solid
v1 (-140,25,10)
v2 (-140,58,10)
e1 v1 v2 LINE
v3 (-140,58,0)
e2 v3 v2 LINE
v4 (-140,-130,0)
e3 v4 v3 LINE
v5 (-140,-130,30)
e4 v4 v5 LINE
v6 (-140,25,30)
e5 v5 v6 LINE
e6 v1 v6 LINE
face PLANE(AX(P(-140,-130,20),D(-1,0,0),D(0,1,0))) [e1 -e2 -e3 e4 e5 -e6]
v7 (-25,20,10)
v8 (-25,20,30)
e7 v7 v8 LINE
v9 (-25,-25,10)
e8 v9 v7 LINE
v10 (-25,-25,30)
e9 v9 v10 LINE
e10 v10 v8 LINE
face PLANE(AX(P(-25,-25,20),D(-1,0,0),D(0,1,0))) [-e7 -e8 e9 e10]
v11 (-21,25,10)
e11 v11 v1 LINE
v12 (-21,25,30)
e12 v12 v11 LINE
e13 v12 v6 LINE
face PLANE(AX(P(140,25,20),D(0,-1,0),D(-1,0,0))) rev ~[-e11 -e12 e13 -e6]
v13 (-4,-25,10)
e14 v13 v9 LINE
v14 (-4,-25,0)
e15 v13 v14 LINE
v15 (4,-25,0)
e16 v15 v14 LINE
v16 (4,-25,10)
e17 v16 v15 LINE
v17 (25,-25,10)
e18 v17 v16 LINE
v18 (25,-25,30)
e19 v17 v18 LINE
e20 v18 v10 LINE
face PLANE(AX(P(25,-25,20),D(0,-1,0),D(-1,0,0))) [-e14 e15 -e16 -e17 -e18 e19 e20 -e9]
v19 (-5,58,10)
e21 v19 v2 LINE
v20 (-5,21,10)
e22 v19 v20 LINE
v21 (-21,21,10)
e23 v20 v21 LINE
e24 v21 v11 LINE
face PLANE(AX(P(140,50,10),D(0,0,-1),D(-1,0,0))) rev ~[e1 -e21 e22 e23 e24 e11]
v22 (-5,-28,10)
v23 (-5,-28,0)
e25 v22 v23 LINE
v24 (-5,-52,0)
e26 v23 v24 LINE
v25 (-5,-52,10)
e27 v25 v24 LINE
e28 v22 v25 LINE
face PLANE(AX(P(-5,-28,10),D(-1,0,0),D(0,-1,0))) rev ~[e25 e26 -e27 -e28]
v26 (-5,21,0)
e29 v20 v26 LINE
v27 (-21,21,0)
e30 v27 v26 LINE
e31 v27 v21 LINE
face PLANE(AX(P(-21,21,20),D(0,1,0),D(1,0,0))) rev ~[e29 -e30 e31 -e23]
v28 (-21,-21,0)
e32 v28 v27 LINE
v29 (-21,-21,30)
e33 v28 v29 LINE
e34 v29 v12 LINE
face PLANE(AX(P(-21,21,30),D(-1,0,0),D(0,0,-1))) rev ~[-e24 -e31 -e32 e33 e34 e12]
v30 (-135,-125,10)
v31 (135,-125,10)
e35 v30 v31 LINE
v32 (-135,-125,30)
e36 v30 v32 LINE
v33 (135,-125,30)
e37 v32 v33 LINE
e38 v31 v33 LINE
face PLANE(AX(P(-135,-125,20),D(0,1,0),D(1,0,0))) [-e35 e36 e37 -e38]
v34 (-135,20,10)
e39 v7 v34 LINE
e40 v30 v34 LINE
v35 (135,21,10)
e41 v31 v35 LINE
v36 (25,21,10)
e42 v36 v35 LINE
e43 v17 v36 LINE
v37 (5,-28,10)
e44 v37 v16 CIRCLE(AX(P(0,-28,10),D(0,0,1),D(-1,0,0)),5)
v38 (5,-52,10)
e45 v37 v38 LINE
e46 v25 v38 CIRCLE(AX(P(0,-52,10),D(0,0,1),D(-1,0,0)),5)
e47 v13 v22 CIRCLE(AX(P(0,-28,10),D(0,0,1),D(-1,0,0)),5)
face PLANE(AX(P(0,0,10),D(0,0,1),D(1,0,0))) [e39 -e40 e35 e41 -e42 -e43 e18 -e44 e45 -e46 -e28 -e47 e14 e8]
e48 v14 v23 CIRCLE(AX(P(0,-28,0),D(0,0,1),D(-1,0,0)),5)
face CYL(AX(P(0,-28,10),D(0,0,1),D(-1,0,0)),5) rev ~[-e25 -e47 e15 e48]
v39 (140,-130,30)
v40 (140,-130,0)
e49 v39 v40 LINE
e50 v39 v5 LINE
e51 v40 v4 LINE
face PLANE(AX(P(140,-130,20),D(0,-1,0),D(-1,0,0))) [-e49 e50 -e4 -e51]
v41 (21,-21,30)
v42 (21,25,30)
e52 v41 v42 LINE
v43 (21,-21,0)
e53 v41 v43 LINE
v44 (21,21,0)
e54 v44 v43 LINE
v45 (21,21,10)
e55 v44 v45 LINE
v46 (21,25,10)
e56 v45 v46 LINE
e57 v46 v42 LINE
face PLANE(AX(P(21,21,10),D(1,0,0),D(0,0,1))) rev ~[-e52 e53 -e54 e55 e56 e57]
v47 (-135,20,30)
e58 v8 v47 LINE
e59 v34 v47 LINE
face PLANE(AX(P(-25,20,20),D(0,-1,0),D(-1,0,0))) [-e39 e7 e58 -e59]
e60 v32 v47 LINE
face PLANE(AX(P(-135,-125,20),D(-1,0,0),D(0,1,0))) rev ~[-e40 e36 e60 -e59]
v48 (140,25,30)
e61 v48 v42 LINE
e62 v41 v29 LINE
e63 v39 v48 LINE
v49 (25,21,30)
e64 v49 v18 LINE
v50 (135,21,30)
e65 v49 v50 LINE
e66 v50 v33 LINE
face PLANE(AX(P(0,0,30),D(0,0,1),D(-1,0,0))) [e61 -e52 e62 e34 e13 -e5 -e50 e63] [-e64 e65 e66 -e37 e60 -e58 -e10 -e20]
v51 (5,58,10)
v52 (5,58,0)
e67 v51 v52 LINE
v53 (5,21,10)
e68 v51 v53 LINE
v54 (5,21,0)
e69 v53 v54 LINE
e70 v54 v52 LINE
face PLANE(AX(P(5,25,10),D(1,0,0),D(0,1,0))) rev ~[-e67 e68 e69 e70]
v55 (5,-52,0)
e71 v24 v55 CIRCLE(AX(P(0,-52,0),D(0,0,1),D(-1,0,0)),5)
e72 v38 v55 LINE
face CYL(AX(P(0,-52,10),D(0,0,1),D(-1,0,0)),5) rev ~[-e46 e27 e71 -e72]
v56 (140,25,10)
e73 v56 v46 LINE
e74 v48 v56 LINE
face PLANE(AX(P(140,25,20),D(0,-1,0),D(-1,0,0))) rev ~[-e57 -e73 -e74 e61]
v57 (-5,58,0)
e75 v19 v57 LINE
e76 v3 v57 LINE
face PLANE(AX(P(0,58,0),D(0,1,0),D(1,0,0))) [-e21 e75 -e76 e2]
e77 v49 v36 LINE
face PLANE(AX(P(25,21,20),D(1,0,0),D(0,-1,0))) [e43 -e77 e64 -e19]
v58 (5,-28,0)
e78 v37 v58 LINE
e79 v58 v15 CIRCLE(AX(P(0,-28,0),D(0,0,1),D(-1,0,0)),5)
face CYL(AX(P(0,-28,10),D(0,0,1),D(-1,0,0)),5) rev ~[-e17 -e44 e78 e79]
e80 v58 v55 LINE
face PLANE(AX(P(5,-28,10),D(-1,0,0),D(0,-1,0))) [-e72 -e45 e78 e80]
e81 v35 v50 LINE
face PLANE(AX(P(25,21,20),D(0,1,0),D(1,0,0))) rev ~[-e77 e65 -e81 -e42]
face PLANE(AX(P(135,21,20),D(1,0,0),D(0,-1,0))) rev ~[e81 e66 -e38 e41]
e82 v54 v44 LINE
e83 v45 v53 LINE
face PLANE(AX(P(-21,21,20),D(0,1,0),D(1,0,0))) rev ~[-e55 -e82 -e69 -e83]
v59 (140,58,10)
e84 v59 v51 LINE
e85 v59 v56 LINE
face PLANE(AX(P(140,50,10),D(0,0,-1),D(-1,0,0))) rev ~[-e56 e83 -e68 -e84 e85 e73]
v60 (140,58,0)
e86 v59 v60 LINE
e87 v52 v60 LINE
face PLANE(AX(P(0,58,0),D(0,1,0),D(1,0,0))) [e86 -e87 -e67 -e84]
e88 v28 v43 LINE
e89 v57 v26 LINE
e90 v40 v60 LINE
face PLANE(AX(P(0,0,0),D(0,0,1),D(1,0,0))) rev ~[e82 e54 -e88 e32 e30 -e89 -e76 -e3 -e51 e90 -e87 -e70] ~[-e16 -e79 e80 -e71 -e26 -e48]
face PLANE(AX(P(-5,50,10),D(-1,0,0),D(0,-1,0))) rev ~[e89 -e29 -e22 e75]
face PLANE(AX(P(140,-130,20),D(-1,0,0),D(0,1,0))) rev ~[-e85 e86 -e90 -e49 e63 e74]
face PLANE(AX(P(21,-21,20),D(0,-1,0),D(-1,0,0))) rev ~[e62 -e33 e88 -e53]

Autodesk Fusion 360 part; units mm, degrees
sketch "Sketch1" plane through (0, 0, 0) normal (0, 0, 1) x (1, 0, 0)
  line L0 (21, -21) -> (-21, -21)
  line L1 (-21, -21) -> (-21, 21)
  line L2 (-21, 21) -> (21, 21)
  line L3 (21, 21) -> (21, -21)
  line L4 (21, -21) -> (-21, 21) construction
  line L5 (-21, -21) -> (21, 21) construction
  line L6 (0, 50) -> (0, -40)
  line L7 (-140, 50) -> (140, 50)
  line L8 (140, 50) -> (140, -130)
  line L9 (140, -130) -> (-140, -130)
  line L10 (-140, -130) -> (-140, 50)
  line L11 (-140, 50) -> (140, -130) construction
  line L12 (140, 50) -> (-140, -130) construction
  point P0 (0, -40)
  dimension "d1" = 42
  dimension "d2" = 42
  dimension "d14" = 280
extrude "Extrude4" add sketch "Sketch1" along normal blind 10
sketch "Sketch3" plane through (0, 0, 10) normal (0, 0, 1) x (-1, 0, 0)
  line L0 (21, -21) -> (-21, -21)
  line L1 (-21, -21) -> (-21, 21)
  line L2 (-21, 21) -> (21, 21)
  line L3 (21, 21) -> (21, -21)
  line L4 (140, 130) -> (-140, 130)
  line L5 (-140, 130) -> (-140, -50)
  line L6 (-140, -50) -> (140, -50)
  line L7 (140, -50) -> (140, 130)
  line L8 (-120, 120) -> (40, 120)
  line L9 (40, 120) -> (40, 35)
  line L10 (40, 35) -> (-120, 35)
  line L11 (-120, 35) -> (-120, 120)
  line L12 (70, 100) -> (126, 100)
  line L13 (126, 100) -> (126, 15)
  line L14 (126, 15) -> (70, 15)
  line L15 (70, 15) -> (70, 100)
  line L16 (-140, -50) -> (-135, -50)
  line L17 (-135, -50) -> (-135, 130)
  line L18 (-135, 130) -> (-140, 130)
  line L19 (-140, 130) -> (-140, -50)
  line L20 (-135, 130) -> (140, 130)
  line L21 (140, 130) -> (140, 125)
  line L22 (140, 125) -> (-135, 125)
  line L23 (-135, 125) -> (-135, 130)
  line L24 (140, 125) -> (135, 125)
  line L25 (135, 125) -> (135, -25)
  line L26 (135, -25) -> (140, -25)
  line L27 (140, -25) -> (140, 125)
  line L28 (135, -25) -> (25, -25)
  line L29 (25, -25) -> (25, -20)
  line L30 (25, -20) -> (135, -20)
  line L31 (135, -20) -> (135, -25)
  line L32 (25, -25) -> (-25, -25)
  line L33 (-25, -25) -> (-25, 25)
  line L34 (-25, 25) -> (25, 25)
  line L35 (25, 25) -> (25, -25)
  line L36 (25, -25) -> (-25, 25) construction
  line L37 (-25, -25) -> (25, 25) construction
  line L38 (-25, -25) -> (-135, -25)
  line L39 (-25, -21) -> (-135, -21)
  dimension "d17" = 160
  dimension "d18" = 85
  dimension "d19" = 56
  dimension "d20" = 85
  dimension "d24" = 5
  dimension "d25" = 5
  dimension "d26" = 5
  dimension "d29" = 50
  dimension "d30" = 50
extrude "Extrude6" add sketch "Sketch3" along normal blind 10 contours L4 L7 L17 L20 L21 L22 L23 L24 | L4 L5 L6 L16 L17 L18 L19 L23 | L7 L22 L24 L25 L26 L27 L31 | L25 L28 L29 L30 L31 L35
extrude "Extrude7" add sketch "Sketch3" along normal blind 10 contours L29 L32 L33 L34 L35
extrude "Extrude8" add sketch "Sketch3" along normal blind 10 contours L17 L33 L38 L39
sketch "Sketch4" plane through (0, 50, 0) normal (0, 1, 0) x (-1, 0, 0)
  line L0 (-140, 0) -> (140, 0)
  line L1 (140, 0) -> (140, 10)
  line L2 (140, 10) -> (-135, 10)
  line L3 (-135, 10) -> (-135, 20)
  line L4 (-135, 20) -> (-140, 20)
  line L5 (-140, 20) -> (-140, 0)
  line L6 (-140, 10) -> (-135, 10)
extrude "Extrude9" cut sketch "Sketch4" against normal blind 25 contours L3 L4 L5 L6
extrude "Extrude10" add 1 faces at (45, -128.3333, 20) along direction (0, 0, 1) blind 10
sketch "Sketch6" plane through (0, 0, 10) normal (0, 0, 1) x (-1, 0, 0)
  line L0 (-135, -21) -> (-25, -21)
  line L1 (-25, -21) -> (-25, 25)
  line L2 (-25, 25) -> (25, 25)
  line L3 (25, 25) -> (25, -20)
  line L4 (25, -20) -> (135, -20)
  line L5 (135, -20) -> (135, 125)
  line L6 (135, 125) -> (-135, 125)
  line L7 (-135, 125) -> (-135, -21)
  line L8 (0, 21) -> (0, 28)
  line L9 (0, 28) -> (0, 52)
  circle A0 centre (0, 28) radius 5
  circle A1 centre (0, 28) radius 7
  circle A2 centre (0, 52) radius 5
  circle A3 centre (0, 52) radius 7
  line L10 (7, 28) -> (7, 52)
  line L11 (-7, 28) -> (-7, 51)
  line L12 (5, 28) -> (5, 52)
  line L13 (-5, 28) -> (-5, 52)
  line L14 (-5, -50) -> (5, -50)
  line L15 (5, -50) -> (5, -25)
  line L16 (5, -25) -> (-5, -25)
  line L17 (-5, -25) -> (-5, -50)
  dimension "d39" = 7
  dimension "d40" = 10
  dimension "d41" = 10
  dimension "d42" = 14
extrude "Extrude11" cut sketch "Sketch6" against normal blind 20 contours L2 L8 L9 A0 | L2 L8 L9 A0 | L9 A0 A1 L13 | L9 A1 A3 L13 | L9 A0 A1 L12 | L9 A1 A3 L12 | L9 A2 A3 L13 | L9 A2 A3 L12 | A2
extrude "Extrude12" cut sketch "Sketch6" against normal blind 20 contours L14 L15 L16 L17
sketch "Sketch7" plane through (0, 21, 0) normal (0, -1, 0) x (1, 0, 0)
  line L0 (-21, 0) -> (21, 0)
  line L1 (21, 0) -> (21, 30)
  line L2 (21, 30) -> (-21, 30)
  line L3 (-21, 30) -> (-21, 0)
  line L4 (-21, 30) -> (21, 30)
  line L5 (21, 30) -> (21, 10)
  line L6 (21, 10) -> (-21, 10)
  line L7 (-21, 10) -> (-21, 30)
  dimension "d47" = 20
extrude "Extrude13" cut sketch "Sketch7" against normal blind 10 contours L1 L2 L3 L4 L5 L6 L7
extrude "Extrude14" cut 1 faces at (1.6667, 25, 3.3333) along direction (0, -1, 0) blind 5
extrude "Extrude15" add 2 faces at (50, 50, 3.3333) (-50, 50, 6.6667) along direction (0, 1, 0) blind 8
